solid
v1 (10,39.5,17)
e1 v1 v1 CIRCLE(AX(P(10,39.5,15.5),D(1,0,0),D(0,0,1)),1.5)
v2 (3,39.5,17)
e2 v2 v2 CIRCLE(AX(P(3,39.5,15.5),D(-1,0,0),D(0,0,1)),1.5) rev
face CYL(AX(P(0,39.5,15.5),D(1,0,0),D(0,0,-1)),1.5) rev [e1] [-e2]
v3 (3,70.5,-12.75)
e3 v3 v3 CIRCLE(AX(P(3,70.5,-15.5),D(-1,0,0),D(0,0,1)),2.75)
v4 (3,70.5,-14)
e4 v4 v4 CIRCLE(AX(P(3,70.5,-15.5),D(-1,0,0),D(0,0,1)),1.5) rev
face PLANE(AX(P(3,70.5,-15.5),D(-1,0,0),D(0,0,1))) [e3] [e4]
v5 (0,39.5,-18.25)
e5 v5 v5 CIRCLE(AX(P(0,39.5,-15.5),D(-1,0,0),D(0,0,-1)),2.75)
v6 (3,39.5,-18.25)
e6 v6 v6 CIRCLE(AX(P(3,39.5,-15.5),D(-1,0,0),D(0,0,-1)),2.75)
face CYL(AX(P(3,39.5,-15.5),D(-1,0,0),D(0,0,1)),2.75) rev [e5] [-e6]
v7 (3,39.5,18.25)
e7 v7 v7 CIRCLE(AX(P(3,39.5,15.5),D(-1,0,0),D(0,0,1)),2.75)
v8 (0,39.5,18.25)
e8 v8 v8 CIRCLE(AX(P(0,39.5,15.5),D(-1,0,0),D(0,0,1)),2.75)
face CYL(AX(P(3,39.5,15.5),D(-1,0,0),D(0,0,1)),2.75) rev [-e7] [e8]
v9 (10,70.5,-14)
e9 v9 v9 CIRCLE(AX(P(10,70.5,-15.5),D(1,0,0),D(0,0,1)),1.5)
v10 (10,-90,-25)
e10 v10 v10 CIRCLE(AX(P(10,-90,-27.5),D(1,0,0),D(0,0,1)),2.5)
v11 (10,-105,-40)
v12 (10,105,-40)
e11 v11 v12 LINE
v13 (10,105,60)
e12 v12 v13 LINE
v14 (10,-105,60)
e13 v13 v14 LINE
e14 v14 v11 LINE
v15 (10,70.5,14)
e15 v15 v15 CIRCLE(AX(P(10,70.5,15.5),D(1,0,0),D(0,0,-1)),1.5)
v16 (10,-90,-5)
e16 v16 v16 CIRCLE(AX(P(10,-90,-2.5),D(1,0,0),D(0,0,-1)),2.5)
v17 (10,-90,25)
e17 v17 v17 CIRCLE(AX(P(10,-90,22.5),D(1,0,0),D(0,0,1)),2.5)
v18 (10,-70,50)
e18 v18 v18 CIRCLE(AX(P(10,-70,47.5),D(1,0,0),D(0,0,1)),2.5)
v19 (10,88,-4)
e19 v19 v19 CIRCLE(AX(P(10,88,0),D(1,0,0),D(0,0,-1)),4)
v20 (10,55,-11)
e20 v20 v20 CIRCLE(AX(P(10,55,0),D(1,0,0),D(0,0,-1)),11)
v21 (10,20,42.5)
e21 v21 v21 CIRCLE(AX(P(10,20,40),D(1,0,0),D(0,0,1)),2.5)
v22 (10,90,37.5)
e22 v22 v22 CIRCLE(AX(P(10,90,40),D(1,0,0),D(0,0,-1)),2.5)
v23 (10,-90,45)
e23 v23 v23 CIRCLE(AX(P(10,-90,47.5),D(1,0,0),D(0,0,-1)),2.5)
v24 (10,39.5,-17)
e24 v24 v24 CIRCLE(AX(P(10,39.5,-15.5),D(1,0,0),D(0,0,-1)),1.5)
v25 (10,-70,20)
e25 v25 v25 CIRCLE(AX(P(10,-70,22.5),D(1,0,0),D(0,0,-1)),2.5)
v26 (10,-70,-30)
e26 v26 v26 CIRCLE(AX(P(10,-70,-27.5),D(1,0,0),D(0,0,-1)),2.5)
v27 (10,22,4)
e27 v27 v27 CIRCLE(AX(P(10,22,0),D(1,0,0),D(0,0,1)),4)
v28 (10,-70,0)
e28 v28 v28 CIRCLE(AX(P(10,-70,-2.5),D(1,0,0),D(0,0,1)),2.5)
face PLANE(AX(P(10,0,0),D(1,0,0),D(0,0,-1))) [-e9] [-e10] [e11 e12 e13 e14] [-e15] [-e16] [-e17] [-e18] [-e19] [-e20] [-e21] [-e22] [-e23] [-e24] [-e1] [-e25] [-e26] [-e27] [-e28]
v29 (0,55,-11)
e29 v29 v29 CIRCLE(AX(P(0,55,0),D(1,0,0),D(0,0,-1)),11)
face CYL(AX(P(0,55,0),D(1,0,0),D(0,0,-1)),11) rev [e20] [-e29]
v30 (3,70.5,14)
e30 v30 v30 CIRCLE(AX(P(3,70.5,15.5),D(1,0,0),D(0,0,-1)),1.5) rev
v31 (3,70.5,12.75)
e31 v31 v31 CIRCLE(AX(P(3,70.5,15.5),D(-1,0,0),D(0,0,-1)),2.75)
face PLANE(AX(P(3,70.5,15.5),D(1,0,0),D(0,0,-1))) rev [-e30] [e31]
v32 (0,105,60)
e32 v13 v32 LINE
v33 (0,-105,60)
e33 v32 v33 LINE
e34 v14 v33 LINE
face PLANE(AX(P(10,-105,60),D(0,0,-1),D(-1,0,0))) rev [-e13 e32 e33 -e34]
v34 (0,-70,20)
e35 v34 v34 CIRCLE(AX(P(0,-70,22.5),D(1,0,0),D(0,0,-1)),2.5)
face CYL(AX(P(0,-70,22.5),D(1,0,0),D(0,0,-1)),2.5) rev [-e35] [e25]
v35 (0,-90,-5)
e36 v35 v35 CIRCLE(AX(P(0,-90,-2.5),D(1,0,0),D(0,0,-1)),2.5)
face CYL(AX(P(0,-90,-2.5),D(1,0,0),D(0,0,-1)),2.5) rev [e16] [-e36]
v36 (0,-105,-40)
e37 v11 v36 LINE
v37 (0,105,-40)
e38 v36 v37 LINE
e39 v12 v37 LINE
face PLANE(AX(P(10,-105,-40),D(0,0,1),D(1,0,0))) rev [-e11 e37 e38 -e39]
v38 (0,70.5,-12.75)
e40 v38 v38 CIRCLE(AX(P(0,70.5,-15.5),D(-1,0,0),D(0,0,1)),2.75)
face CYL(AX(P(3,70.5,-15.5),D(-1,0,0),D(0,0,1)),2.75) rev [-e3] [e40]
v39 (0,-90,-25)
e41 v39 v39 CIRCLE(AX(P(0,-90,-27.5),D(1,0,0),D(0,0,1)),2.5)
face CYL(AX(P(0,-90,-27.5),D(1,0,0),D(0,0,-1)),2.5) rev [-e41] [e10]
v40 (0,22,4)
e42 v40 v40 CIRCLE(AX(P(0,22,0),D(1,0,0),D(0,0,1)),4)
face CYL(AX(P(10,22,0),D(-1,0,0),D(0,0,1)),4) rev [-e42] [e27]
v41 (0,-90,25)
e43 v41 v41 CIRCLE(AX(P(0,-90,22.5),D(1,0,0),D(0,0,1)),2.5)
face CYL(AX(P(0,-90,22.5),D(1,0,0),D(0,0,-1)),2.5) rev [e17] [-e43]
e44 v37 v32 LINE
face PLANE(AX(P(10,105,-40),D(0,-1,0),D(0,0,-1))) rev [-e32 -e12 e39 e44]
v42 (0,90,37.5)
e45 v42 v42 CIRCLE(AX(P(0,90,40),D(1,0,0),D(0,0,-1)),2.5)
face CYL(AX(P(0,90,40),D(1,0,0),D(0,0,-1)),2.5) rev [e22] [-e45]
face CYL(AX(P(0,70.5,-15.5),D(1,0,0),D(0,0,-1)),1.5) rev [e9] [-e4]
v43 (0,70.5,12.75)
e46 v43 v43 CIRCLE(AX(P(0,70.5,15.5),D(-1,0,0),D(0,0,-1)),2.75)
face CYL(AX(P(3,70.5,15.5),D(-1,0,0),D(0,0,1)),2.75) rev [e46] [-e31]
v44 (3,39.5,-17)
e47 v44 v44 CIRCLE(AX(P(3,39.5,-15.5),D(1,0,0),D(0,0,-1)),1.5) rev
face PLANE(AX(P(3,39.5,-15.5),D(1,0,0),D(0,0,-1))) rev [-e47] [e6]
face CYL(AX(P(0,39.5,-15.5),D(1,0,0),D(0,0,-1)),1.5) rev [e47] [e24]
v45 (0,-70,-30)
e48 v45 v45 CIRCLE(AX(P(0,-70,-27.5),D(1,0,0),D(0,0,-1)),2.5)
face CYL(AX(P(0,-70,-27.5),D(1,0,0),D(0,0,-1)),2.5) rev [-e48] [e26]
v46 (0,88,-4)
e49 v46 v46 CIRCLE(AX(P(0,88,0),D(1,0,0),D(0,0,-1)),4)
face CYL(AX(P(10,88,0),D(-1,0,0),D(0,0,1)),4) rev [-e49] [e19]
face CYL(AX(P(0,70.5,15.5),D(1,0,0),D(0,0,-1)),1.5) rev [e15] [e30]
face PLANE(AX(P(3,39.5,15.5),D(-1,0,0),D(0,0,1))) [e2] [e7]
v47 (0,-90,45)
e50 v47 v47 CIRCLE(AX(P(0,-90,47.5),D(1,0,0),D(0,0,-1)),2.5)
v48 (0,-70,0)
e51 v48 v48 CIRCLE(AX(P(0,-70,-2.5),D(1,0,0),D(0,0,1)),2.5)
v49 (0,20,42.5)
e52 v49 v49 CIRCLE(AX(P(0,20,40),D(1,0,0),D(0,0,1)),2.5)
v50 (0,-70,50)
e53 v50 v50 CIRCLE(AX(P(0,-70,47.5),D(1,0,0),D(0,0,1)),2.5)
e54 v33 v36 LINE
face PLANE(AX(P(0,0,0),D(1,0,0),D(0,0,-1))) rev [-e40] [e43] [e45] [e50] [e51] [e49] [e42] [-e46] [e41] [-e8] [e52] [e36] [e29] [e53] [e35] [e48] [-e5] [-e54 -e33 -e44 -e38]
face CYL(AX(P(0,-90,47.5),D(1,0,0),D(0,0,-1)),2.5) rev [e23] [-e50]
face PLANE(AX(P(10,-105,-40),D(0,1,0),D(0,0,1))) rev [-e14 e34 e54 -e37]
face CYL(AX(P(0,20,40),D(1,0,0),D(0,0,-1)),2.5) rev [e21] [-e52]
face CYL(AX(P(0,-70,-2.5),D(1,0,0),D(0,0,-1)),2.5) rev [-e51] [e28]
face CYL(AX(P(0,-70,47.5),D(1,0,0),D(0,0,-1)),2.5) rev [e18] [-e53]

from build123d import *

# Parameters (mm, degrees)
SKETCH2_W                       = 100
SKETCH2_H                       = 210
SKETCH2_R                       = 4
BOSS_EXTRUDE1_DEPTH             = 10
SKETCH3_R                       = 2.5
MOUNT_DEPTH                     = 11
SKETCH7_R                       = 2.5
SUPPORT_PROFILE_MOUNT_DEPTH     = 11
SKETCH4_R                       = 11
SKETCH4_R_2                     = 1.5
STEPPER_MOUNT_DEPTH             = 11
SKETCH6_R                       = 2.75
STEPPER_MOUNT_COUNTERSINK_DEPTH = 3


with BuildPart() as part:
    # Sketch2 → Boss-Extrude1 (new body)
    with BuildSketch(Plane(origin=(0, 0, 0), x_dir=(0, 0, -1), z_dir=(1, 0, 0))):
        with Locations((-10, 0)):
            Rectangle(SKETCH2_W, SKETCH2_H)
        with Locations((0, 88)):
            Circle(SKETCH2_R, mode=Mode.SUBTRACT)
        with Locations((0, 22)):
            Circle(SKETCH2_R, mode=Mode.SUBTRACT)
    extrude(amount=BOSS_EXTRUDE1_DEPTH)

    # Sketch3 → mount (cut, through all)
    with BuildSketch(Plane(origin=(10, 0, 0), x_dir=(0, 0, -1), z_dir=(1, 0, 0))):
        with Locations((-22.5, -70)):
            Circle(SKETCH3_R)
        with Locations((-47.5, -70)):
            Circle(SKETCH3_R)
        with Locations((-47.5, -90)):
            Circle(SKETCH3_R)
        with Locations((-22.5, -90)):
            Circle(SKETCH3_R)
        with Locations((2.5, -90)):
            Circle(SKETCH3_R)
        with Locations((27.5, -90)):
            Circle(SKETCH3_R)
        with Locations((27.5, -70)):
            Circle(SKETCH3_R)
        with Locations((2.5, -70)):
            Circle(SKETCH3_R)
    extrude(amount=-MOUNT_DEPTH, mode=Mode.SUBTRACT)

    # Sketch7 → support_profile_mount (cut, through all)
    with BuildSketch(Plane(origin=(10, 0, 0), x_dir=(0, 0, -1), z_dir=(1, 0, 0))):
        with Locations((-40, 90)):
            Circle(SKETCH7_R)
        with Locations((-40, 20)):
            Circle(SKETCH7_R)
    extrude(amount=-SUPPORT_PROFILE_MOUNT_DEPTH, mode=Mode.SUBTRACT)

    # Sketch4 → stepper_mount (cut, through all)
    with BuildSketch(Plane(origin=(10, 0, 0), x_dir=(0, 0, -1), z_dir=(1, 0, 0))):
        with Locations((0, 55)):
            Circle(SKETCH4_R)
        with Locations((-15.5, 70.5)):
            Circle(SKETCH4_R_2)
        with Locations((15.5, 70.5)):
            Circle(SKETCH4_R_2)
        with Locations((-15.5, 39.5)):
            Circle(SKETCH4_R_2)
        with Locations((15.5, 39.5)):
            Circle(SKETCH4_R_2)
    extrude(amount=-STEPPER_MOUNT_DEPTH, mode=Mode.SUBTRACT)

    # Sketch6 → stepper_mount_countersink (cut)
    with BuildSketch(Plane.ZY):
        with Locations((-15.5, 70.5)):
            Circle(SKETCH6_R)
        with Locations((15.5, 70.5)):
            Circle(SKETCH6_R)
        with Locations((15.5, 39.5)):
            Circle(SKETCH6_R)
        with Locations((-15.5, 39.5)):
            Circle(SKETCH6_R)
    extrude(amount=-STEPPER_MOUNT_COUNTERSINK_DEPTH, mode=Mode.SUBTRACT)


solid = part.part
